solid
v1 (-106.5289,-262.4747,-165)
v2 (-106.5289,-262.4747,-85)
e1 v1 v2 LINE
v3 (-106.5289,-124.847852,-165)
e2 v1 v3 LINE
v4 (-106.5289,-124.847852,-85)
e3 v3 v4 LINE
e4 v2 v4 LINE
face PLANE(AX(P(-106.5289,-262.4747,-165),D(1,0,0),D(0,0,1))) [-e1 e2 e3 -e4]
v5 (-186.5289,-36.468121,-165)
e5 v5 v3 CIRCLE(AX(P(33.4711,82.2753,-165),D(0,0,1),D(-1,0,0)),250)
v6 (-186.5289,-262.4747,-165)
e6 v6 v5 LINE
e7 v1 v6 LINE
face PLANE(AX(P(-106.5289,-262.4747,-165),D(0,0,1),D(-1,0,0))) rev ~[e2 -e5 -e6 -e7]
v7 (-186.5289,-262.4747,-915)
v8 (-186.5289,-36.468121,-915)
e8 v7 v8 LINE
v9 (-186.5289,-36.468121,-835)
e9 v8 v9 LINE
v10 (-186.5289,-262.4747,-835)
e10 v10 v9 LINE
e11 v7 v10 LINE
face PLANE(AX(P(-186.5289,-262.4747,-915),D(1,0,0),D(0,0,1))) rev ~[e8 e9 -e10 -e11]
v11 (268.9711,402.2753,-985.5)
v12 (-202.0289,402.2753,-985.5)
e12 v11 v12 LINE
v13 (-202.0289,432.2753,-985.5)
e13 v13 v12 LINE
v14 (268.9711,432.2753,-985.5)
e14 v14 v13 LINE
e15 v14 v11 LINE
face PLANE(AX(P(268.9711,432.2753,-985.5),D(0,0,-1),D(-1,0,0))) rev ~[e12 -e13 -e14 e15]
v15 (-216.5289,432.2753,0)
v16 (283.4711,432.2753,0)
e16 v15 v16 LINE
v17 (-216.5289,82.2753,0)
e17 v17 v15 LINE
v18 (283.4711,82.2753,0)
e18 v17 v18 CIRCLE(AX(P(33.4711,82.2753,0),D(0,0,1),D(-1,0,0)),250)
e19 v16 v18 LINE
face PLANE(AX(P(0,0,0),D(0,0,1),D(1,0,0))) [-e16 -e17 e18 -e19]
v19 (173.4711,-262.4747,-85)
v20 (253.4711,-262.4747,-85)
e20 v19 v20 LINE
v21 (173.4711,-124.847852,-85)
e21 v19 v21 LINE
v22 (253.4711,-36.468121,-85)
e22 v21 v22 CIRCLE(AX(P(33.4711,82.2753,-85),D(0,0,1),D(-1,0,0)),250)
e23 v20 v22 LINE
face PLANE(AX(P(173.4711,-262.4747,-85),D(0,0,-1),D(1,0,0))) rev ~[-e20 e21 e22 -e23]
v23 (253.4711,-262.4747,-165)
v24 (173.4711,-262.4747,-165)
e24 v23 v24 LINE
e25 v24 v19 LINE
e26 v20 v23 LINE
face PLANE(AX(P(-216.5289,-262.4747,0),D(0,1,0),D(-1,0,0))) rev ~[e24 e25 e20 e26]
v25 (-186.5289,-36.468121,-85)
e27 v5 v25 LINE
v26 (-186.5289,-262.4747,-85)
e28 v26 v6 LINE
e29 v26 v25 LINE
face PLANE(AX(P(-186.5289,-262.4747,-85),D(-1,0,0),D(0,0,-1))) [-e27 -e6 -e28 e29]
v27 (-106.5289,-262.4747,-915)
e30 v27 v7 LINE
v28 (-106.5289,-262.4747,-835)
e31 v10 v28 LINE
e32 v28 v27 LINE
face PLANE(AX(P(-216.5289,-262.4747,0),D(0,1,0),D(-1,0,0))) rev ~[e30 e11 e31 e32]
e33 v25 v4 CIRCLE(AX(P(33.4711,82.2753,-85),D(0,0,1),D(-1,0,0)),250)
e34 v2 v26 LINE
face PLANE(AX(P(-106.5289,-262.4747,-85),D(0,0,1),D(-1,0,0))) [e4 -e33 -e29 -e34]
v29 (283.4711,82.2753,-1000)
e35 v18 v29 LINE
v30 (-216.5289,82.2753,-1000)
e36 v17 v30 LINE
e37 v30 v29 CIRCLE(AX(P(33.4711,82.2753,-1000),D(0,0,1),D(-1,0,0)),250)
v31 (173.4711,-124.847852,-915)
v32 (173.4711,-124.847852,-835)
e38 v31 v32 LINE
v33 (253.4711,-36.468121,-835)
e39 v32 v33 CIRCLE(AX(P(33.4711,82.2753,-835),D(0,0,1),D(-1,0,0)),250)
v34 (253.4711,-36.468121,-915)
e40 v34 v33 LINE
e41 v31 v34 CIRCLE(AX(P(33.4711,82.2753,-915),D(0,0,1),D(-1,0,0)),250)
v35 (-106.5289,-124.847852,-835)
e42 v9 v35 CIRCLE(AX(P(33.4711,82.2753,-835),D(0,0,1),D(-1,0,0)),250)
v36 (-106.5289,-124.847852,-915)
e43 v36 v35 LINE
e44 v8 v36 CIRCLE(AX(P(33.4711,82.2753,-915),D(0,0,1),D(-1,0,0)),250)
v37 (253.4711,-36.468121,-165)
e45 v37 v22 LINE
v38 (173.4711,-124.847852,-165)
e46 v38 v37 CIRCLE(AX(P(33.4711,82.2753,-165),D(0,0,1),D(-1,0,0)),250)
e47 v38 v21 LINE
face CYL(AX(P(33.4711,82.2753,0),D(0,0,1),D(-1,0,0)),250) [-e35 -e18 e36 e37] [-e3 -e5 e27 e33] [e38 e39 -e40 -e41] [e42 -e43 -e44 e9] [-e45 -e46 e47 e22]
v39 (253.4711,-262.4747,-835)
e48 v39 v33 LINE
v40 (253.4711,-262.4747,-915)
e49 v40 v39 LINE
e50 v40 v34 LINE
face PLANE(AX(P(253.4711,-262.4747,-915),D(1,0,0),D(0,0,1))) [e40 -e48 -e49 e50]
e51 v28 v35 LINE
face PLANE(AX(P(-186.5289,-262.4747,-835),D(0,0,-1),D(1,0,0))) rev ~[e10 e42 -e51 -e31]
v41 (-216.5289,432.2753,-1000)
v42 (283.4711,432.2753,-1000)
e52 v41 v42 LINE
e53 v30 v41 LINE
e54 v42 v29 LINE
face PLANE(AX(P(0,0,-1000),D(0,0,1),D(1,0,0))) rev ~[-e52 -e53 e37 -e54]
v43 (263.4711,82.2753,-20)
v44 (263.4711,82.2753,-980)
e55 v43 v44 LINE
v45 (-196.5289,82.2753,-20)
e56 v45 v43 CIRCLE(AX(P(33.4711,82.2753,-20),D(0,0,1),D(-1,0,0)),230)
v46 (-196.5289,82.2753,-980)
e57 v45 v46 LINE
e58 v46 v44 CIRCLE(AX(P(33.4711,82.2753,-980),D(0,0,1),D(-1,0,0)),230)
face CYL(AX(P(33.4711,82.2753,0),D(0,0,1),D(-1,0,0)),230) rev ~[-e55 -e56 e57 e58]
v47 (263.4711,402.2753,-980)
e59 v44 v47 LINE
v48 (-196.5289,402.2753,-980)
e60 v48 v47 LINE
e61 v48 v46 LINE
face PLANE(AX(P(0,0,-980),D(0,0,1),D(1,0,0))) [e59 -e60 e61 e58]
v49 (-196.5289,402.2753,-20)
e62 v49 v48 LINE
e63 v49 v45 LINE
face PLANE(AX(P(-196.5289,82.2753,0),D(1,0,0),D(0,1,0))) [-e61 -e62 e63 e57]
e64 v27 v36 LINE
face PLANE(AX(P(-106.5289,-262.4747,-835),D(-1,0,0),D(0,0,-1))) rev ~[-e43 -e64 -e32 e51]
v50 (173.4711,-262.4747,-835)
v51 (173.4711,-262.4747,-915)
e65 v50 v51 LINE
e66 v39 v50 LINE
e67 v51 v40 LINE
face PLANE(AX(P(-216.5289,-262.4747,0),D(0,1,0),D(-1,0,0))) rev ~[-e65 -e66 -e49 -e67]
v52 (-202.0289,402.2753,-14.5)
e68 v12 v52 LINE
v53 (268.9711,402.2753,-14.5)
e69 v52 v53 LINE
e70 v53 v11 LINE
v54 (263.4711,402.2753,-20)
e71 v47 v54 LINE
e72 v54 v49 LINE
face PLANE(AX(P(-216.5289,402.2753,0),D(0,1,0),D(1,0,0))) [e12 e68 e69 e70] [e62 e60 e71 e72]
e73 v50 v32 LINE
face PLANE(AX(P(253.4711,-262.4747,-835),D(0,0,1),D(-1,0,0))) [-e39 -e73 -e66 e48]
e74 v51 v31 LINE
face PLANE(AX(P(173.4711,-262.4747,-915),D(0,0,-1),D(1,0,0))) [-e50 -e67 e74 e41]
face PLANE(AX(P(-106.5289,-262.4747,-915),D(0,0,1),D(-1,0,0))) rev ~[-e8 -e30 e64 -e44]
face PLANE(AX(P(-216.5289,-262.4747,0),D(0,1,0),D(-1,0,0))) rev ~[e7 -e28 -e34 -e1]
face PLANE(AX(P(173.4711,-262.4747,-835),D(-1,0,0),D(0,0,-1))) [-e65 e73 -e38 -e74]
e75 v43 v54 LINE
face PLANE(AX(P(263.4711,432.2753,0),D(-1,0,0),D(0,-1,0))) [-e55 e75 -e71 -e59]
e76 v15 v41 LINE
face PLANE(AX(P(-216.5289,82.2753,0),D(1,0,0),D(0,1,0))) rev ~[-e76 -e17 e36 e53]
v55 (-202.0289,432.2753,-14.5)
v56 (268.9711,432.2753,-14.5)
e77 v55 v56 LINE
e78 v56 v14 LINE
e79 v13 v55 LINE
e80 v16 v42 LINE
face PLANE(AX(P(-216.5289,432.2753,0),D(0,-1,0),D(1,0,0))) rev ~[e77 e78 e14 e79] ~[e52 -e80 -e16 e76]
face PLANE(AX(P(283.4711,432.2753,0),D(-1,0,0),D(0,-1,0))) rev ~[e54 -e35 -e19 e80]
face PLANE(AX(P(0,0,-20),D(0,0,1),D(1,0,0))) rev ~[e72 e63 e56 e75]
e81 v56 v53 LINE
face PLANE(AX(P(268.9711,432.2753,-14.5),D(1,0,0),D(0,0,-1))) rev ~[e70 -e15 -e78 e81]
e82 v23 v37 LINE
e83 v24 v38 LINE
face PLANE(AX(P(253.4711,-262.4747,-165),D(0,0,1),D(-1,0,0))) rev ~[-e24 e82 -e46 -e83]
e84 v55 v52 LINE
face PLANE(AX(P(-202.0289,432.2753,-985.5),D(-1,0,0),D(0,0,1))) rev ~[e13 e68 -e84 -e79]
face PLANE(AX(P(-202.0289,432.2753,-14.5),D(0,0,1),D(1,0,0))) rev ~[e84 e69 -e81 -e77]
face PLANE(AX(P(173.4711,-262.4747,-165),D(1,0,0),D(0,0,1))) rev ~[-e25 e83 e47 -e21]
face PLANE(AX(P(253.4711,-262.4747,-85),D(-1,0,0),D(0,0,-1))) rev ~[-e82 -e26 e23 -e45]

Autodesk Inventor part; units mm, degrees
ref_plane "YZ Plane" through (0, 0, 0) normal (1, 0, 0) x (0, 1, 0)
ref_plane "XZ Plane" through (0, 0, 0) normal (0, 1, 0) x (-1, 0, 0)
ref_plane "XY Plane" through (0, 0, 0) normal (0, 0, 1) x (1, 0, 0)
sketch "Sketch1" plane through (0, 0, 0) normal (0, 0, 1) x (1, 0, 0)
  line L0 (-216.5289, 82.2753) -> (-216.5289, 432.2753)
  line L1 (-216.5289, 432.2753) -> (283.4711, 432.2753)
  line L2 (283.4711, 432.2753) -> (283.4711, 82.2753)
  arc A0 (-216.5289, 82.2753) -> (283.4711, 82.2753) centre (33.4711, 82.2753) ccw
  point P0 (0, 0)
  dimension "d0" = 500
  dimension "d1" = 250
  dimension "d2" = 350
extrude "Extrusion1" add sketch "Sketch1" against normal blind 1000
shell "Shell1" thickness 20 removed faces 1 at (-49.8623, 432.2753, -333.3333)
ref_plane "Work Plane1" through (-216.5289, -262.4747, 0) normal (0, 1, 0) x (-1, 0, 0)
sketch "Sketch2" plane through (-216.5289, -262.4747, 0) normal (0, 1, 0) x (-1, 0, 0)
  point P0 (-216.5289, 0)
sketch "Sketch3" plane through (-216.5289, -262.4747, 0) normal (0, 1, 0) x (-1, 0, 0)
  line L0 (-110, -915) -> (-30, -915)
  line L1 (-30, -915) -> (-30, -835)
  line L2 (-30, -835) -> (-110, -835)
  line L3 (-110, -835) -> (-110, -915)
  line L4 (-390, -915) -> (-470, -915)
  line L5 (-470, -915) -> (-470, -835)
  line L6 (-470, -835) -> (-390, -835)
  line L7 (-390, -835) -> (-390, -915)
  line L8 (-500, 0) -> (-500, -1000) projected
  line L9 (0, 0) -> (0, -1000) projected
  line L10 (-500, -1000) -> (0, -1000) projected
  line L11 (0, 0) -> (0, -1000) projected
  line L12 (0, -500) -> (-564.0368, -500)
  line L13 (-110, -85) -> (-30, -85)
  line L14 (-30, -85) -> (-30, -165)
  line L15 (-110, -165) -> (-110, -85)
  line L16 (-390, -85) -> (-470, -85)
  line L17 (-470, -85) -> (-470, -165)
  line L18 (-470, -165) -> (-390, -165)
  line L19 (-390, -165) -> (-390, -85)
  line L20 (-110, -165) -> (-30, -165)
  point P0 (-216.5289, 0)
  dimension "d6" = 80
  dimension "d7" = 80
  dimension "d8" = 30
  dimension "d10" = 30
  dimension "d11" = 85
extrude "Extrusion2" add sketch "Sketch3" along normal up to next contours L3 L2 L1 L0 | L4 L5 L6 L7 | L13 L14 L20 L15 | L19 L18 L17 L16
sketch "Sketch4" plane through (-216.5289, 432.2753, 0) normal (0, 1, 0) x (1, 0, 0)
  line L0 (14.5, 14.5) -> (485.5, 14.5)
  line L1 (485.5, 14.5) -> (485.5, 985.5)
  line L2 (485.5, 985.5) -> (14.5, 985.5)
  line L3 (14.5, 985.5) -> (14.5, 14.5)
  line L4 (480, 980) -> (480, 20) projected
  line L5 (480, 20) -> (20, 20) projected
  line L6 (20, 20) -> (20, 980) projected
  line L7 (20, 980) -> (480, 980) projected
  point P0 (216.5289, 0)
  dimension "d14" = 5.5
  dimension "d15" = 5.5
  dimension "d16" = 5.5
  dimension "d17" = 5.5
extrude "Extrusion3" cut sketch "Sketch4" against normal blind 30
properties part number "Composter"
